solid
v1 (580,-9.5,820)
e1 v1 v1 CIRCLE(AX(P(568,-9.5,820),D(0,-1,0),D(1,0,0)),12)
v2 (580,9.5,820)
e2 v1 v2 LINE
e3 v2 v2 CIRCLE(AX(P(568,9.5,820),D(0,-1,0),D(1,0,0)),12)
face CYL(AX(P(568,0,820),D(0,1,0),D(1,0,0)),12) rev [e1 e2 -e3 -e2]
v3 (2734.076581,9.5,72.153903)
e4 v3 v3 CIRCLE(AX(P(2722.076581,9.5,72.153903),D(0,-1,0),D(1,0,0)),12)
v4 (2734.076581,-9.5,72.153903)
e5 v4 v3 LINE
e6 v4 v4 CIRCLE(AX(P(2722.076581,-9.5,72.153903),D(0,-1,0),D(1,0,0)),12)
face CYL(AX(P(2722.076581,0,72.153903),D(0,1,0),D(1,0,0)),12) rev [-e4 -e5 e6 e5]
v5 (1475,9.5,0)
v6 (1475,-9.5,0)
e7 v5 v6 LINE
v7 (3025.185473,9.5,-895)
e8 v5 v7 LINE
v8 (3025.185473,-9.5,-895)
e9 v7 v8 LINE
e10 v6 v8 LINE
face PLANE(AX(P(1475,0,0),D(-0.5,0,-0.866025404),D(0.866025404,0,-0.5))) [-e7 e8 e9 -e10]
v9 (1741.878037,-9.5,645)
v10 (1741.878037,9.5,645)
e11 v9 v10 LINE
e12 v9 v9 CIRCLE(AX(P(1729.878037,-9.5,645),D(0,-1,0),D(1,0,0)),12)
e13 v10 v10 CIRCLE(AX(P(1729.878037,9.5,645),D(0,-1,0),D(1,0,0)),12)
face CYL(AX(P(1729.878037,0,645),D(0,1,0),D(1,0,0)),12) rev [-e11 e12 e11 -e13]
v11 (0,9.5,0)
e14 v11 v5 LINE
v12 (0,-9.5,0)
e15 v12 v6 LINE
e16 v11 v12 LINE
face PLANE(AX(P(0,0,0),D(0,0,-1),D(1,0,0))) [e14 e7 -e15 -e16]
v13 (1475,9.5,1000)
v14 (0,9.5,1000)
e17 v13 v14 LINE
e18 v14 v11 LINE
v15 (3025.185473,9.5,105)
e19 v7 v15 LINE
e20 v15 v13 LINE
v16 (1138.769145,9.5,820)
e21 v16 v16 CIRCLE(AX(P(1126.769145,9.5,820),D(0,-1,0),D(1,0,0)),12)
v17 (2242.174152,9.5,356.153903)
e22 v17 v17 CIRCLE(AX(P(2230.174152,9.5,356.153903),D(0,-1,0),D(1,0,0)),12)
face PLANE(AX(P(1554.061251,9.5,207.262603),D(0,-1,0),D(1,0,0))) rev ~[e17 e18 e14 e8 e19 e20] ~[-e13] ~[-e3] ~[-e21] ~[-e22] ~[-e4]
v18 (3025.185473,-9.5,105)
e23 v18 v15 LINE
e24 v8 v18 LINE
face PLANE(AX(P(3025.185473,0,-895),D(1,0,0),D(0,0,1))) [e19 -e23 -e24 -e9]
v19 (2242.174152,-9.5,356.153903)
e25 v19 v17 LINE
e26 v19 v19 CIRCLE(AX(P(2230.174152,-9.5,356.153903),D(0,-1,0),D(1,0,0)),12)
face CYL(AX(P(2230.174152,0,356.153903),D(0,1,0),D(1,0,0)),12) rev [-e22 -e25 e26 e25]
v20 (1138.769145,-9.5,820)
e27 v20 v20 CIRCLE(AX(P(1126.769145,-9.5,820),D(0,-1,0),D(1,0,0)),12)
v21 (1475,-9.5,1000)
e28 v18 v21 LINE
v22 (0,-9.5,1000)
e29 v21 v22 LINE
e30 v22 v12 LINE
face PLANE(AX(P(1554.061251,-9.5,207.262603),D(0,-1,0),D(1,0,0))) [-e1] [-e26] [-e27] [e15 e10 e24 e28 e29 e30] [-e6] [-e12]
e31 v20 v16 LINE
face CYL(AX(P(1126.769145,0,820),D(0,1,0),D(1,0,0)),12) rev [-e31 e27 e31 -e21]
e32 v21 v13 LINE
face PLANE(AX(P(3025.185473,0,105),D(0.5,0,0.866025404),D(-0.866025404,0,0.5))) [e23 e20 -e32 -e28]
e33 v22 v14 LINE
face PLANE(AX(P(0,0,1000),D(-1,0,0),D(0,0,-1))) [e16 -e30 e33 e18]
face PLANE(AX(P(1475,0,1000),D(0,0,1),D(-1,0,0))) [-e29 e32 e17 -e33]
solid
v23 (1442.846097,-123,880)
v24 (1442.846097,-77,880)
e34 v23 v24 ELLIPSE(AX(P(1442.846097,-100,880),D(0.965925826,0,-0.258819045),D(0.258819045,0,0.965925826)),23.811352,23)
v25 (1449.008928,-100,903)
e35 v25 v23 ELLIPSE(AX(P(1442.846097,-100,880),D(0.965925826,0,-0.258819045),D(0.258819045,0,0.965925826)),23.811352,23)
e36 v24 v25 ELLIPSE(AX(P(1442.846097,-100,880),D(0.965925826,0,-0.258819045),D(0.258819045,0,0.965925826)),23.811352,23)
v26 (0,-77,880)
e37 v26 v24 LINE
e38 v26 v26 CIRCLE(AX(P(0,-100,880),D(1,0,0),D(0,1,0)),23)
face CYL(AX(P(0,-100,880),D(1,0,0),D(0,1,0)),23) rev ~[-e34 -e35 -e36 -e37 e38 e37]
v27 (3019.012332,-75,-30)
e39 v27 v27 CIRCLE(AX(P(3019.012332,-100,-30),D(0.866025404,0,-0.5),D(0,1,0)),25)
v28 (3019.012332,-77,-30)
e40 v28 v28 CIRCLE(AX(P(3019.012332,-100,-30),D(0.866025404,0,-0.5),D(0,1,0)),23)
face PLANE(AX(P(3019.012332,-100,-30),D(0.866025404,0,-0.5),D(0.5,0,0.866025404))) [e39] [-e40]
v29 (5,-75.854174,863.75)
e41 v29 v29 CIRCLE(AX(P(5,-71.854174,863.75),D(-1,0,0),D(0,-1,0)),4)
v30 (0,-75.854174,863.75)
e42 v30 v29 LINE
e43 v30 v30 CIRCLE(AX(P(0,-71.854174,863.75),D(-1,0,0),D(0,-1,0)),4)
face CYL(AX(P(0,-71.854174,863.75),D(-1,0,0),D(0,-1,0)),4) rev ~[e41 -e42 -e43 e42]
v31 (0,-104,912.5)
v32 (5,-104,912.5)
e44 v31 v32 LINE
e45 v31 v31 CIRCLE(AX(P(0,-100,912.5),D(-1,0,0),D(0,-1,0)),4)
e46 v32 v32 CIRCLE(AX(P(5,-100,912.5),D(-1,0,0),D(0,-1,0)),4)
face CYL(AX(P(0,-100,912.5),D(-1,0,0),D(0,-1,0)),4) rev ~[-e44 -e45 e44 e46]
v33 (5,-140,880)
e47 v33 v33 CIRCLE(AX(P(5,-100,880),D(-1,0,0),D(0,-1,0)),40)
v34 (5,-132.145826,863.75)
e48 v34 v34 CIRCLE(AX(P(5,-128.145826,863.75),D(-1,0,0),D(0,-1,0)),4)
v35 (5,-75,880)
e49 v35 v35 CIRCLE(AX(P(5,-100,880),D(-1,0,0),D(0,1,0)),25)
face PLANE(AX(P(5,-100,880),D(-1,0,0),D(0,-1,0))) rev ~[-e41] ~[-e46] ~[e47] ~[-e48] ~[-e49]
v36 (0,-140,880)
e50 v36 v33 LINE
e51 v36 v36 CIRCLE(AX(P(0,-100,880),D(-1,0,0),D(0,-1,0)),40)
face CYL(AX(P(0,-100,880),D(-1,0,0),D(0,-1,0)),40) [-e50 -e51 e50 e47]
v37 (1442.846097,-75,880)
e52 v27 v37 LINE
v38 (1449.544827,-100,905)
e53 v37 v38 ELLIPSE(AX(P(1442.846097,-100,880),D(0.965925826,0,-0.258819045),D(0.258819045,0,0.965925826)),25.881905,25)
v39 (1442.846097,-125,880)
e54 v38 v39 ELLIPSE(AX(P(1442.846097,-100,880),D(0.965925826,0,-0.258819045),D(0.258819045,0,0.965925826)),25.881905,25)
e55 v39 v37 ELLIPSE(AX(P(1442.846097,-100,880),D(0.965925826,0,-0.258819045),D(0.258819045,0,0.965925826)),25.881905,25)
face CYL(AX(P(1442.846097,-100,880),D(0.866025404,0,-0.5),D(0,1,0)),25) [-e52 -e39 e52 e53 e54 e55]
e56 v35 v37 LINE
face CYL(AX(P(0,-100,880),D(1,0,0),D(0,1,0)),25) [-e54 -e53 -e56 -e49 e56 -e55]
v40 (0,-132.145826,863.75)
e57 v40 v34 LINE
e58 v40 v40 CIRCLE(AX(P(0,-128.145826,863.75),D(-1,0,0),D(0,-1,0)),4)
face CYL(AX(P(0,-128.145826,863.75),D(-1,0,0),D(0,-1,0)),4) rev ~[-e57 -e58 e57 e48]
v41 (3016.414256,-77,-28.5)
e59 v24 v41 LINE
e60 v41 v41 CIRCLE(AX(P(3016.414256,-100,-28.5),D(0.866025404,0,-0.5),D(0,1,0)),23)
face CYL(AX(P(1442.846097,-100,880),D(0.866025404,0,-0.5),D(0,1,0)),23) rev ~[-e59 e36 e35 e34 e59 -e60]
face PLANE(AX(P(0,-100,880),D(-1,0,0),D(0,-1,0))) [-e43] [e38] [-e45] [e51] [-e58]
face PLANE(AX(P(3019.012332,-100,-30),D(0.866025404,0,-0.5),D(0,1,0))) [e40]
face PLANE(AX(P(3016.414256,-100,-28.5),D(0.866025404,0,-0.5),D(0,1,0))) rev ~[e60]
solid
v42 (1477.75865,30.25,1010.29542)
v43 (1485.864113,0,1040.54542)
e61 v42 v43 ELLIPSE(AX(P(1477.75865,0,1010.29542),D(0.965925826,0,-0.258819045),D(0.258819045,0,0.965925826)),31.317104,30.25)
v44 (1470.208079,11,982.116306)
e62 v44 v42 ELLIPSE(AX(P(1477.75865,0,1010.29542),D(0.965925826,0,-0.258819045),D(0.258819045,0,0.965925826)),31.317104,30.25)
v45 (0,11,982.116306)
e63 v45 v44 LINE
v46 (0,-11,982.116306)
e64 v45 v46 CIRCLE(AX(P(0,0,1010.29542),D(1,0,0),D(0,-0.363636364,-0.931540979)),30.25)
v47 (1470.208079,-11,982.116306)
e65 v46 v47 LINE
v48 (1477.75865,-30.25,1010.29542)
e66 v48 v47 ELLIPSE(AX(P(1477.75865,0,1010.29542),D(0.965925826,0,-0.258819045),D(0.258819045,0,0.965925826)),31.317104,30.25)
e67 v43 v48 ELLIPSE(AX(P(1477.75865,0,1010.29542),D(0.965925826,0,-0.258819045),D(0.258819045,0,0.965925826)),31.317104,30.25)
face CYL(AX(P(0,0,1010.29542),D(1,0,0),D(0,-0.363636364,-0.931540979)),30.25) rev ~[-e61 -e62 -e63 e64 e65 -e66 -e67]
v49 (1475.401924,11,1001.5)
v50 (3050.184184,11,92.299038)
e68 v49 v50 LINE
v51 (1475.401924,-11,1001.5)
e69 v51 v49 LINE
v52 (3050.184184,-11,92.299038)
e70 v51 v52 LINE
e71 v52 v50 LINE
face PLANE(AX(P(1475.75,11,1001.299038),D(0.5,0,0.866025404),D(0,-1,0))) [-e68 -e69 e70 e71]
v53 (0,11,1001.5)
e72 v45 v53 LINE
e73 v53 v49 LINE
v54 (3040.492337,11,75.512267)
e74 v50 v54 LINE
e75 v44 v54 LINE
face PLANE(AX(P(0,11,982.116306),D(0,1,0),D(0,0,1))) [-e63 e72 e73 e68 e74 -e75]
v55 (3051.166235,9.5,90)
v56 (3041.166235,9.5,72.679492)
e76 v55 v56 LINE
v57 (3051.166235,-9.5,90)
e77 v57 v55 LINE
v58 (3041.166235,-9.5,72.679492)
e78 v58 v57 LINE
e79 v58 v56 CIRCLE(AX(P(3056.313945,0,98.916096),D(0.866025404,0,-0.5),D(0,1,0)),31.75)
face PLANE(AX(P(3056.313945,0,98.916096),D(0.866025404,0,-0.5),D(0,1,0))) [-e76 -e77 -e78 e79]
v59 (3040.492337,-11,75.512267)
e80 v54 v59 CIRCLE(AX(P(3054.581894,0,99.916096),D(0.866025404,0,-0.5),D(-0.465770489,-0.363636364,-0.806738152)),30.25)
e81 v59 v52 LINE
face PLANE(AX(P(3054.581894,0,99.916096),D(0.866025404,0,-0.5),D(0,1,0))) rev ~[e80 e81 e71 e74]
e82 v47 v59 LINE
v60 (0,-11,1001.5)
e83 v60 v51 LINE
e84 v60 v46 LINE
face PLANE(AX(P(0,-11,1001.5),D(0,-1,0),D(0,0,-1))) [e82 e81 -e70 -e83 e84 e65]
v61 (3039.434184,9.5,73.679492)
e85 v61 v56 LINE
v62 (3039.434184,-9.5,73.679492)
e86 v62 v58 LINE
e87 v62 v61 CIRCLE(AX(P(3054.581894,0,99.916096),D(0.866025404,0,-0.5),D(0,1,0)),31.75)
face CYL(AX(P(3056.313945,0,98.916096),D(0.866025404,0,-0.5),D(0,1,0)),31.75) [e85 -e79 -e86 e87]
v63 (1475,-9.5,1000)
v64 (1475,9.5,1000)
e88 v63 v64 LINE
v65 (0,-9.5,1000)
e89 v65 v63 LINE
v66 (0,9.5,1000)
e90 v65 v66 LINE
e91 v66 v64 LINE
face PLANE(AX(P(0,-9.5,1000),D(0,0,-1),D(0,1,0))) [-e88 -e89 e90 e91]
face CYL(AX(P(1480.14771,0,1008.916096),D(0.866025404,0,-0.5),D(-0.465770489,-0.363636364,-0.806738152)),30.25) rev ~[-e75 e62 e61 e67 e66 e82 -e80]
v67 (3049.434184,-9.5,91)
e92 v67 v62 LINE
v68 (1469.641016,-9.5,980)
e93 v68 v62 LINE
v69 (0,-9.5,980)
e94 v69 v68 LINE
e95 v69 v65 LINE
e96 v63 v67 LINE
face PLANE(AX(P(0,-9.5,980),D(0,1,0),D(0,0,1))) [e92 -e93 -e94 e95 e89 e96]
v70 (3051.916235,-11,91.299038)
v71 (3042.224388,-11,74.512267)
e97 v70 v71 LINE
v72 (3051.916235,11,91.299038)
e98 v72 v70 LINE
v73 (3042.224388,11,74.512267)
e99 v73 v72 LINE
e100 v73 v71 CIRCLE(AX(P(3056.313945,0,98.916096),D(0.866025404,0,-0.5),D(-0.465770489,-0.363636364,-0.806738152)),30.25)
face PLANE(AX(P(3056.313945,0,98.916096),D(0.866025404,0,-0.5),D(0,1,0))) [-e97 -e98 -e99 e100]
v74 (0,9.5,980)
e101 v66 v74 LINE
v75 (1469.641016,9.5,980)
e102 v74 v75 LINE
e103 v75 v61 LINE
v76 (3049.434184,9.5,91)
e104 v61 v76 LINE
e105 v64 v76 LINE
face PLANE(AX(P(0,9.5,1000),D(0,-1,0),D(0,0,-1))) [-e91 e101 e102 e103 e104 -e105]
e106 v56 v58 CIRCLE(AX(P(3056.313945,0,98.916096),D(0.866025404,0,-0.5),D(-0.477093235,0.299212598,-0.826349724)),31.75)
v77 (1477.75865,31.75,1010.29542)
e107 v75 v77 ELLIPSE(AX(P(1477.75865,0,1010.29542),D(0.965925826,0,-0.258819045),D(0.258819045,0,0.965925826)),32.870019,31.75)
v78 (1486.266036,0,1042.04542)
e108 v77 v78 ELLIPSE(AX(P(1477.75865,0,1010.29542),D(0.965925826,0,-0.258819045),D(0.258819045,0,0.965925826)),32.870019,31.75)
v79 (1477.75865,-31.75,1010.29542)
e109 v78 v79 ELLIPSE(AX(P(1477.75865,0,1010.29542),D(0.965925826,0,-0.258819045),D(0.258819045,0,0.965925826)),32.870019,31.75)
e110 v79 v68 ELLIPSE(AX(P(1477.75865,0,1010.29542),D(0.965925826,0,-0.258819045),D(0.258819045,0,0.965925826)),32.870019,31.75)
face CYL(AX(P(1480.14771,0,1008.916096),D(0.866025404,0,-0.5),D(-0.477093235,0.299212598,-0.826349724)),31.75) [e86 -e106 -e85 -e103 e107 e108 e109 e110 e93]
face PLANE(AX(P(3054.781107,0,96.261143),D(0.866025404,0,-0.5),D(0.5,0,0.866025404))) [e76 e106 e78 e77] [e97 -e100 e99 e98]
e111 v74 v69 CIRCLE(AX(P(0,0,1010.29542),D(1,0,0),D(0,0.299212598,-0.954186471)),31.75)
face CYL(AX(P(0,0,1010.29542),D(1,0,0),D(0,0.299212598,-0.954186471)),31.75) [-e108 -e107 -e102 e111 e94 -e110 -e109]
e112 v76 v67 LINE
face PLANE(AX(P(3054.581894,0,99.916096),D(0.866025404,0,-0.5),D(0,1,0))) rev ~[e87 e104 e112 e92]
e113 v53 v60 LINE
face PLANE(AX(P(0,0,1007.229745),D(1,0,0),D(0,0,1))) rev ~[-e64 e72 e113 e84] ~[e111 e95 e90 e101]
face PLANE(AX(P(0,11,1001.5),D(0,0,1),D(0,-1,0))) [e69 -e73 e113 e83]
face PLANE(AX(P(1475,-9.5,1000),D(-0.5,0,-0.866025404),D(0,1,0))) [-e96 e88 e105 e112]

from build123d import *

# Parameters (mm, degrees)
F0_R      = 12
F1_DEPTH  = 9.5
F5_R      = 31.75
F6_DEPTH  = 2
F9_R      = 25
F9_R_2    = 23
F12_R     = 25
F13_DEPTH = 3
F14_R     = 40
F14_R_2   = 4
F14_R_3   = 25
F15_DEPTH = 5


with BuildPart() as f1:
    # F0 (on Front) → F1 (new body, symmetric)
    with BuildSketch(Plane.XZ):
        Polygon((0, 1000), (0, 0), (1475, 0), (3025.1854727741, -895), (3025.1854727741, 105), (1475, 1000), align=None)
        with Locations((568, 820)):
            Circle(F0_R, mode=Mode.SUBTRACT)
        with Locations((1126.7691453624, 820)):
            Circle(F0_R, mode=Mode.SUBTRACT)
        with Locations((2230.1741521, 356.1539030917)):
            Circle(F0_R, mode=Mode.SUBTRACT)
        with Locations((2722.0765814496, 72.1539030917)):
            Circle(F0_R, mode=Mode.SUBTRACT)
        with Locations((1729.878036687, 645)):
            Circle(F0_R, mode=Mode.SUBTRACT)
    extrude(amount=F1_DEPTH, both=True)


with BuildPart() as f4:
    # F4: sweep along a path in F2
    with BuildLine(Plane.XZ) as f4_path:
        Line((0, 1000), (1475, 1000))
        Line((1475, 1000), (3051.1662348877, 90))
    # F3 (on Right) → F4 (sweep)
    with BuildSketch(Plane.YZ):
        with BuildLine():
            Line((9.5, 1000), (9.5, 980))
            ThreePointArc((9.5, 980), (0, 1042.045420446), (-9.5, 980))
            Line((-9.5, 980), (-9.5, 1000))
            Line((-9.5, 1000), (9.5, 1000))
        make_face()
        with BuildLine():
            ThreePointArc((-11, 982.1163058396), (0, 1040.545420446), (11, 982.1163058396))
            Line((11, 982.1163058396), (11, 1001.5))
            Line((11, 1001.5), (-11, 1001.5))
            Line((-11, 1001.5), (-11, 982.1163058396))
        make_face(mode=Mode.SUBTRACT)
    sweep(path=f4_path.line, transition=Transition.RIGHT)

    # F5 (on face) → F6 (join)
    with BuildSketch(Plane(origin=(2249.4035329955, 0, -1298.693735291), x_dir=(0, 1, 0), z_dir=(0.8660254038, 0, -0.5))):
        with Locations((0, 1613.8208242304)):
            Circle(F5_R)
    extrude(amount=-F6_DEPTH)


with BuildPart() as f10:
    # F10: sweep along a path in F8
    with BuildLine(Plane.XZ.offset(100)) as f10_path:
        Line((0, 880), (1442.8460969083, 880))
        Line((1442.8460969083, 880), (3019.0123317959, -30))
    # F9 (on Right) → F10 (sweep)
    with BuildSketch(Plane.YZ):
        with Locations((-100, 880)):
            Circle(F9_R)
        with Locations((-100, 880)):
            Circle(F9_R_2, mode=Mode.SUBTRACT)
    sweep(path=f10_path.line, transition=Transition.RIGHT)

    # F12 (on face) → F13 (join)
    with BuildSketch(Plane(origin=(2277.2496299037, 0, -1314.7706868369), x_dir=(0, 1, 0), z_dir=(0.8660254038, 0, -0.5))):
        with Locations((-100, 1483.5254037844)):
            Circle(F12_R)
    extrude(amount=-F13_DEPTH)

    # F14 (on face) → F15 (join)
    with BuildSketch(Plane(origin=(0, 0, 0), x_dir=(0, -1, 0), z_dir=(-1, 0, 0))):
        with Locations((100, 880)):
            Circle(F14_R)
        with Locations((71.854174377, 863.75)):
            Circle(F14_R_2, mode=Mode.SUBTRACT)
        with Locations((128.145825623, 863.75)):
            Circle(F14_R_2, mode=Mode.SUBTRACT)
        with Locations((100, 880)):
            Circle(F14_R_3, mode=Mode.SUBTRACT)
        with Locations((100, 912.5)):
            Circle(F14_R_2, mode=Mode.SUBTRACT)
    extrude(amount=-F15_DEPTH)


solid = Compound([f1.part, f4.part, f10.part])
